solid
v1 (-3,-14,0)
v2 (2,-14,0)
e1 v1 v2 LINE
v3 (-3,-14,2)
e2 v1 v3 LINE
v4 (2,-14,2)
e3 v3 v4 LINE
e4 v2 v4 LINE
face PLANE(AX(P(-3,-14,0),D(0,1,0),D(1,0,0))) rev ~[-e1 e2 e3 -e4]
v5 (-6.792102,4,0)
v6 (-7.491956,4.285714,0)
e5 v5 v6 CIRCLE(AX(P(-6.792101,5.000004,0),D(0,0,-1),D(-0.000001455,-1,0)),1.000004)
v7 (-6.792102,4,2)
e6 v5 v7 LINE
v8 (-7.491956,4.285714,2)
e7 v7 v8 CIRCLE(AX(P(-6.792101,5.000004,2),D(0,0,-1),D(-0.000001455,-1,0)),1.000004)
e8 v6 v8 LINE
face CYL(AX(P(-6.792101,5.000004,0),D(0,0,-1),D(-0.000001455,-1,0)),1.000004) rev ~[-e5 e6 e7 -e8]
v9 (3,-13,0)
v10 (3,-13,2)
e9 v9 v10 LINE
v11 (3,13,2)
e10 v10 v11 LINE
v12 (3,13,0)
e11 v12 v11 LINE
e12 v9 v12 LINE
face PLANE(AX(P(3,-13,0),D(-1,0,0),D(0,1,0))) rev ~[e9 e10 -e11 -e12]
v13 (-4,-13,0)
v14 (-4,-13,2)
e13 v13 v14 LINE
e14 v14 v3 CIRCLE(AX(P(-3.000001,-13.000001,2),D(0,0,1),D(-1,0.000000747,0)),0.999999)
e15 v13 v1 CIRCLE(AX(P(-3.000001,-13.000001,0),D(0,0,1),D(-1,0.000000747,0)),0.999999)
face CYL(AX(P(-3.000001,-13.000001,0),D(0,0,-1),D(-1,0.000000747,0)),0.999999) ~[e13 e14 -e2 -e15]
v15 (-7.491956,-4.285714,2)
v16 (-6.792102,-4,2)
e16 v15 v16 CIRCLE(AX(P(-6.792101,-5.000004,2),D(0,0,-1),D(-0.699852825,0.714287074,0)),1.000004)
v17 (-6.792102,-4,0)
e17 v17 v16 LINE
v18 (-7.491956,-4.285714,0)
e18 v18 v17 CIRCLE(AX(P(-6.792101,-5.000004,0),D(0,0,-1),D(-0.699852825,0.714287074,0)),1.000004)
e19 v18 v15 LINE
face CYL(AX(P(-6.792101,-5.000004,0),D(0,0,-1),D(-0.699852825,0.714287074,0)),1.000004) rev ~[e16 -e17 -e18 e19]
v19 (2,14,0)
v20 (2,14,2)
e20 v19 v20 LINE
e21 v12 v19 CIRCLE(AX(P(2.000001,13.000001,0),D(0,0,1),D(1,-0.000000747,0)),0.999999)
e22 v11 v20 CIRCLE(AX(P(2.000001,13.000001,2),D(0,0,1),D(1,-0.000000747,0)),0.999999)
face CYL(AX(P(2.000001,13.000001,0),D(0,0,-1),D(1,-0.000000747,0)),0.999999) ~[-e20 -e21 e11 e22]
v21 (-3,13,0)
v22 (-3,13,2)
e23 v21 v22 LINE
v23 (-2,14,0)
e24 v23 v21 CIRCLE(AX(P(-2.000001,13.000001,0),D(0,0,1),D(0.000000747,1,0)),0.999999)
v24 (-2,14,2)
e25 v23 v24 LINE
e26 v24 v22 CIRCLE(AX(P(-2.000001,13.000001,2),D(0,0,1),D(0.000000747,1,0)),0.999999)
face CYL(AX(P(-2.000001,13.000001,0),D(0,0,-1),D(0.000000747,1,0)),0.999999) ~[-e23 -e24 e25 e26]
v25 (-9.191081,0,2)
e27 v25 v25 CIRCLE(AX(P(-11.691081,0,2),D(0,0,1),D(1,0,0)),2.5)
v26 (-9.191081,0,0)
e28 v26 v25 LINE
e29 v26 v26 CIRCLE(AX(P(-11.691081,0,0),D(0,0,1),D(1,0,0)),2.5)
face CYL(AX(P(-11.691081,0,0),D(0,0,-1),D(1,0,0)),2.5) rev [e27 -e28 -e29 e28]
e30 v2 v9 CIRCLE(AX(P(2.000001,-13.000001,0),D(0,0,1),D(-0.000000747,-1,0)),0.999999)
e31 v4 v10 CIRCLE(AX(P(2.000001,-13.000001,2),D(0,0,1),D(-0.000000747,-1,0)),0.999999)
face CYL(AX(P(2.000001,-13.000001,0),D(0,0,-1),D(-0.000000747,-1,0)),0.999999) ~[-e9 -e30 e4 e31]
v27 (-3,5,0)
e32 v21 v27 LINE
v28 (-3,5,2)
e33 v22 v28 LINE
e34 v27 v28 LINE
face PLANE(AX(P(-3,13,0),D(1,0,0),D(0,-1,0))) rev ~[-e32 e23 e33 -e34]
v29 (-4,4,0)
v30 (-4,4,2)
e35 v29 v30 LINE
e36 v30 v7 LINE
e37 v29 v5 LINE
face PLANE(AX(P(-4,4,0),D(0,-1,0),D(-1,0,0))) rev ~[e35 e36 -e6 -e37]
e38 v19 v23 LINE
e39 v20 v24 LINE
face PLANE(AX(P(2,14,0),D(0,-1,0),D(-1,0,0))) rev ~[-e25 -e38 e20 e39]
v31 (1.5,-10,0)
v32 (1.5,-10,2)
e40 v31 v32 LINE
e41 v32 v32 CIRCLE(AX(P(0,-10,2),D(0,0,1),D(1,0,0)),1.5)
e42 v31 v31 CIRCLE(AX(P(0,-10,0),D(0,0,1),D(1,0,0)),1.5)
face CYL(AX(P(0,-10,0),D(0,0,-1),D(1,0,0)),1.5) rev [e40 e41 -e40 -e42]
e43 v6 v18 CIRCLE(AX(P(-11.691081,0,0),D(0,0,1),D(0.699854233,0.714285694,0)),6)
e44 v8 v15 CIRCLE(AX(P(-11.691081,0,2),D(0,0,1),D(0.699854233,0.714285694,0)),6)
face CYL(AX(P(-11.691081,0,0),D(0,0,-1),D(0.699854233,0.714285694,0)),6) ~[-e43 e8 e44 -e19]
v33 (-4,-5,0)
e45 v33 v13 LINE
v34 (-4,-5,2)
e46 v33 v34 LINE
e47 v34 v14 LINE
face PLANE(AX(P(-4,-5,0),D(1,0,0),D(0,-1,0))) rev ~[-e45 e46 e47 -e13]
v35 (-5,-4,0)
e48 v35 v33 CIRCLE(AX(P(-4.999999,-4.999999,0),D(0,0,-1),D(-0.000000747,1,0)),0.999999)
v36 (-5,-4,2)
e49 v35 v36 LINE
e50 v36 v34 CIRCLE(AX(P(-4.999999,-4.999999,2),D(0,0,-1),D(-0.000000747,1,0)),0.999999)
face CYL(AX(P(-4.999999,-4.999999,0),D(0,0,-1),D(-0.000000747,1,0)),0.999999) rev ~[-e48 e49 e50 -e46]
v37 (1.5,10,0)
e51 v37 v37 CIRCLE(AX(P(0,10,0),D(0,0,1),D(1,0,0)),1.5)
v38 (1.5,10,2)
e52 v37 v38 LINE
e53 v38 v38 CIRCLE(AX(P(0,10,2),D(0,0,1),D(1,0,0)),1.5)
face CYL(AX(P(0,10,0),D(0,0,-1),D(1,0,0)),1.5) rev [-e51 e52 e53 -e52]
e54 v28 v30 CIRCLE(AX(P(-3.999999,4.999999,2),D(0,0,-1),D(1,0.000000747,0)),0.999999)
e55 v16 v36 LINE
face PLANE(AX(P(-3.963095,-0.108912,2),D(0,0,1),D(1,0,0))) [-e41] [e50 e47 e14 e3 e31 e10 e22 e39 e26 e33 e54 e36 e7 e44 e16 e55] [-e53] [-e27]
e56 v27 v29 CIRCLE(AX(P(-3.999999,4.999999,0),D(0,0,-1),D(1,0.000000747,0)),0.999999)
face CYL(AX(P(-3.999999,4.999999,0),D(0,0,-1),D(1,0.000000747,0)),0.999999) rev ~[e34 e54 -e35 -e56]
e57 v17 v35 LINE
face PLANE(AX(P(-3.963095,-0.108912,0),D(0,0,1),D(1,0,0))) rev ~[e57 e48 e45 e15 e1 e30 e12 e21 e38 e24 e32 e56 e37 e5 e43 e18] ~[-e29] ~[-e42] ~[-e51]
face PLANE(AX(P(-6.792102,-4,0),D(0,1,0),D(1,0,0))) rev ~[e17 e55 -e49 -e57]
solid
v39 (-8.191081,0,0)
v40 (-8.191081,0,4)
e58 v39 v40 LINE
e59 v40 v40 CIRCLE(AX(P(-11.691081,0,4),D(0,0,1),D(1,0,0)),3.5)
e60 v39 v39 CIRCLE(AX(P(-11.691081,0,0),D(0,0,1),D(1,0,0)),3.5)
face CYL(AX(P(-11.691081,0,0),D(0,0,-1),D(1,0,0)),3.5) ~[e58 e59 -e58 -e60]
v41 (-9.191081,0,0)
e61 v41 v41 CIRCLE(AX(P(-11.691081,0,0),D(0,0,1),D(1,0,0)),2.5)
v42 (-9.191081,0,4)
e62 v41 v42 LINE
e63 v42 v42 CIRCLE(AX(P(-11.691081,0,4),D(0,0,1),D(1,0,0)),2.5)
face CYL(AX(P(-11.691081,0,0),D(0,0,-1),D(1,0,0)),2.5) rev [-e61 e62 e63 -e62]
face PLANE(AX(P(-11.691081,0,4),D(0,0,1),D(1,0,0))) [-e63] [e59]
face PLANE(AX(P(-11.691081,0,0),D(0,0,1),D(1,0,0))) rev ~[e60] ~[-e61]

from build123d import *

# Parameters (mm, degrees)
F0_R     = 3.5
F0_R_2   = 2.5
F1_DEPTH = 4
F0_R_3   = 1.5
F2_DEPTH = 2


with BuildPart() as f1:
    # F0 (on Top) → F1 (new body)
    with BuildSketch(Plane.XY):
        with Locations((-11.691081, 0)):
            Circle(F0_R)
        with Locations((-11.691081, 0)):
            Circle(F0_R_2, mode=Mode.SUBTRACT)
    extrude(amount=F1_DEPTH)


with BuildPart() as f2:
    # F0 (on Top) → F2 (new body)
    with BuildSketch(Plane.XY):
        with BuildLine():
            Line((2, 14), (-2, 14))
            ThreePointArc((-2, 14), (-2.707107, 13.707107), (-3, 13))
            Line((-3, 13), (-3, 5))
            ThreePointArc((-3, 5), (-3.292893, 4.292893), (-4, 4))
            Line((-4, 4), (-6.792102, 4))
            ThreePointArc((-6.792102, 4), (-7.170066, 4.07418), (-7.491956, 4.285714))
            ThreePointArc((-7.491956, 4.285714), (-17.691081, 0), (-7.491956, -4.285714))
            ThreePointArc((-7.491956, -4.285714), (-7.170066, -4.07418), (-6.792102, -4))
            Line((-6.792102, -4), (-5, -4))
            ThreePointArc((-5, -4), (-4.292893, -4.292893), (-4, -5))
            Line((-4, -5), (-4, -13))
            ThreePointArc((-4, -13), (-3.707107, -13.707107), (-3, -14))
            Line((-3, -14), (2, -14))
            ThreePointArc((2, -14), (2.707107, -13.707107), (3, -13))
            Line((3, -13), (3, 13))
            ThreePointArc((3, 13), (2.707107, 13.707107), (2, 14))
        make_face()
        with Locations((0, -10)):
            Circle(F0_R_3, mode=Mode.SUBTRACT)
        with Locations((-11.691081, 0)):
            Circle(F0_R, mode=Mode.SUBTRACT)
        with Locations((0, 10)):
            Circle(F0_R_3, mode=Mode.SUBTRACT)
        with Locations((-11.691081, 0)):
            Circle(F0_R)
        with Locations((-11.691081, 0)):
            Circle(F0_R_2, mode=Mode.SUBTRACT)
    extrude(amount=F2_DEPTH)


solid = Compound([f1.part, f2.part])
